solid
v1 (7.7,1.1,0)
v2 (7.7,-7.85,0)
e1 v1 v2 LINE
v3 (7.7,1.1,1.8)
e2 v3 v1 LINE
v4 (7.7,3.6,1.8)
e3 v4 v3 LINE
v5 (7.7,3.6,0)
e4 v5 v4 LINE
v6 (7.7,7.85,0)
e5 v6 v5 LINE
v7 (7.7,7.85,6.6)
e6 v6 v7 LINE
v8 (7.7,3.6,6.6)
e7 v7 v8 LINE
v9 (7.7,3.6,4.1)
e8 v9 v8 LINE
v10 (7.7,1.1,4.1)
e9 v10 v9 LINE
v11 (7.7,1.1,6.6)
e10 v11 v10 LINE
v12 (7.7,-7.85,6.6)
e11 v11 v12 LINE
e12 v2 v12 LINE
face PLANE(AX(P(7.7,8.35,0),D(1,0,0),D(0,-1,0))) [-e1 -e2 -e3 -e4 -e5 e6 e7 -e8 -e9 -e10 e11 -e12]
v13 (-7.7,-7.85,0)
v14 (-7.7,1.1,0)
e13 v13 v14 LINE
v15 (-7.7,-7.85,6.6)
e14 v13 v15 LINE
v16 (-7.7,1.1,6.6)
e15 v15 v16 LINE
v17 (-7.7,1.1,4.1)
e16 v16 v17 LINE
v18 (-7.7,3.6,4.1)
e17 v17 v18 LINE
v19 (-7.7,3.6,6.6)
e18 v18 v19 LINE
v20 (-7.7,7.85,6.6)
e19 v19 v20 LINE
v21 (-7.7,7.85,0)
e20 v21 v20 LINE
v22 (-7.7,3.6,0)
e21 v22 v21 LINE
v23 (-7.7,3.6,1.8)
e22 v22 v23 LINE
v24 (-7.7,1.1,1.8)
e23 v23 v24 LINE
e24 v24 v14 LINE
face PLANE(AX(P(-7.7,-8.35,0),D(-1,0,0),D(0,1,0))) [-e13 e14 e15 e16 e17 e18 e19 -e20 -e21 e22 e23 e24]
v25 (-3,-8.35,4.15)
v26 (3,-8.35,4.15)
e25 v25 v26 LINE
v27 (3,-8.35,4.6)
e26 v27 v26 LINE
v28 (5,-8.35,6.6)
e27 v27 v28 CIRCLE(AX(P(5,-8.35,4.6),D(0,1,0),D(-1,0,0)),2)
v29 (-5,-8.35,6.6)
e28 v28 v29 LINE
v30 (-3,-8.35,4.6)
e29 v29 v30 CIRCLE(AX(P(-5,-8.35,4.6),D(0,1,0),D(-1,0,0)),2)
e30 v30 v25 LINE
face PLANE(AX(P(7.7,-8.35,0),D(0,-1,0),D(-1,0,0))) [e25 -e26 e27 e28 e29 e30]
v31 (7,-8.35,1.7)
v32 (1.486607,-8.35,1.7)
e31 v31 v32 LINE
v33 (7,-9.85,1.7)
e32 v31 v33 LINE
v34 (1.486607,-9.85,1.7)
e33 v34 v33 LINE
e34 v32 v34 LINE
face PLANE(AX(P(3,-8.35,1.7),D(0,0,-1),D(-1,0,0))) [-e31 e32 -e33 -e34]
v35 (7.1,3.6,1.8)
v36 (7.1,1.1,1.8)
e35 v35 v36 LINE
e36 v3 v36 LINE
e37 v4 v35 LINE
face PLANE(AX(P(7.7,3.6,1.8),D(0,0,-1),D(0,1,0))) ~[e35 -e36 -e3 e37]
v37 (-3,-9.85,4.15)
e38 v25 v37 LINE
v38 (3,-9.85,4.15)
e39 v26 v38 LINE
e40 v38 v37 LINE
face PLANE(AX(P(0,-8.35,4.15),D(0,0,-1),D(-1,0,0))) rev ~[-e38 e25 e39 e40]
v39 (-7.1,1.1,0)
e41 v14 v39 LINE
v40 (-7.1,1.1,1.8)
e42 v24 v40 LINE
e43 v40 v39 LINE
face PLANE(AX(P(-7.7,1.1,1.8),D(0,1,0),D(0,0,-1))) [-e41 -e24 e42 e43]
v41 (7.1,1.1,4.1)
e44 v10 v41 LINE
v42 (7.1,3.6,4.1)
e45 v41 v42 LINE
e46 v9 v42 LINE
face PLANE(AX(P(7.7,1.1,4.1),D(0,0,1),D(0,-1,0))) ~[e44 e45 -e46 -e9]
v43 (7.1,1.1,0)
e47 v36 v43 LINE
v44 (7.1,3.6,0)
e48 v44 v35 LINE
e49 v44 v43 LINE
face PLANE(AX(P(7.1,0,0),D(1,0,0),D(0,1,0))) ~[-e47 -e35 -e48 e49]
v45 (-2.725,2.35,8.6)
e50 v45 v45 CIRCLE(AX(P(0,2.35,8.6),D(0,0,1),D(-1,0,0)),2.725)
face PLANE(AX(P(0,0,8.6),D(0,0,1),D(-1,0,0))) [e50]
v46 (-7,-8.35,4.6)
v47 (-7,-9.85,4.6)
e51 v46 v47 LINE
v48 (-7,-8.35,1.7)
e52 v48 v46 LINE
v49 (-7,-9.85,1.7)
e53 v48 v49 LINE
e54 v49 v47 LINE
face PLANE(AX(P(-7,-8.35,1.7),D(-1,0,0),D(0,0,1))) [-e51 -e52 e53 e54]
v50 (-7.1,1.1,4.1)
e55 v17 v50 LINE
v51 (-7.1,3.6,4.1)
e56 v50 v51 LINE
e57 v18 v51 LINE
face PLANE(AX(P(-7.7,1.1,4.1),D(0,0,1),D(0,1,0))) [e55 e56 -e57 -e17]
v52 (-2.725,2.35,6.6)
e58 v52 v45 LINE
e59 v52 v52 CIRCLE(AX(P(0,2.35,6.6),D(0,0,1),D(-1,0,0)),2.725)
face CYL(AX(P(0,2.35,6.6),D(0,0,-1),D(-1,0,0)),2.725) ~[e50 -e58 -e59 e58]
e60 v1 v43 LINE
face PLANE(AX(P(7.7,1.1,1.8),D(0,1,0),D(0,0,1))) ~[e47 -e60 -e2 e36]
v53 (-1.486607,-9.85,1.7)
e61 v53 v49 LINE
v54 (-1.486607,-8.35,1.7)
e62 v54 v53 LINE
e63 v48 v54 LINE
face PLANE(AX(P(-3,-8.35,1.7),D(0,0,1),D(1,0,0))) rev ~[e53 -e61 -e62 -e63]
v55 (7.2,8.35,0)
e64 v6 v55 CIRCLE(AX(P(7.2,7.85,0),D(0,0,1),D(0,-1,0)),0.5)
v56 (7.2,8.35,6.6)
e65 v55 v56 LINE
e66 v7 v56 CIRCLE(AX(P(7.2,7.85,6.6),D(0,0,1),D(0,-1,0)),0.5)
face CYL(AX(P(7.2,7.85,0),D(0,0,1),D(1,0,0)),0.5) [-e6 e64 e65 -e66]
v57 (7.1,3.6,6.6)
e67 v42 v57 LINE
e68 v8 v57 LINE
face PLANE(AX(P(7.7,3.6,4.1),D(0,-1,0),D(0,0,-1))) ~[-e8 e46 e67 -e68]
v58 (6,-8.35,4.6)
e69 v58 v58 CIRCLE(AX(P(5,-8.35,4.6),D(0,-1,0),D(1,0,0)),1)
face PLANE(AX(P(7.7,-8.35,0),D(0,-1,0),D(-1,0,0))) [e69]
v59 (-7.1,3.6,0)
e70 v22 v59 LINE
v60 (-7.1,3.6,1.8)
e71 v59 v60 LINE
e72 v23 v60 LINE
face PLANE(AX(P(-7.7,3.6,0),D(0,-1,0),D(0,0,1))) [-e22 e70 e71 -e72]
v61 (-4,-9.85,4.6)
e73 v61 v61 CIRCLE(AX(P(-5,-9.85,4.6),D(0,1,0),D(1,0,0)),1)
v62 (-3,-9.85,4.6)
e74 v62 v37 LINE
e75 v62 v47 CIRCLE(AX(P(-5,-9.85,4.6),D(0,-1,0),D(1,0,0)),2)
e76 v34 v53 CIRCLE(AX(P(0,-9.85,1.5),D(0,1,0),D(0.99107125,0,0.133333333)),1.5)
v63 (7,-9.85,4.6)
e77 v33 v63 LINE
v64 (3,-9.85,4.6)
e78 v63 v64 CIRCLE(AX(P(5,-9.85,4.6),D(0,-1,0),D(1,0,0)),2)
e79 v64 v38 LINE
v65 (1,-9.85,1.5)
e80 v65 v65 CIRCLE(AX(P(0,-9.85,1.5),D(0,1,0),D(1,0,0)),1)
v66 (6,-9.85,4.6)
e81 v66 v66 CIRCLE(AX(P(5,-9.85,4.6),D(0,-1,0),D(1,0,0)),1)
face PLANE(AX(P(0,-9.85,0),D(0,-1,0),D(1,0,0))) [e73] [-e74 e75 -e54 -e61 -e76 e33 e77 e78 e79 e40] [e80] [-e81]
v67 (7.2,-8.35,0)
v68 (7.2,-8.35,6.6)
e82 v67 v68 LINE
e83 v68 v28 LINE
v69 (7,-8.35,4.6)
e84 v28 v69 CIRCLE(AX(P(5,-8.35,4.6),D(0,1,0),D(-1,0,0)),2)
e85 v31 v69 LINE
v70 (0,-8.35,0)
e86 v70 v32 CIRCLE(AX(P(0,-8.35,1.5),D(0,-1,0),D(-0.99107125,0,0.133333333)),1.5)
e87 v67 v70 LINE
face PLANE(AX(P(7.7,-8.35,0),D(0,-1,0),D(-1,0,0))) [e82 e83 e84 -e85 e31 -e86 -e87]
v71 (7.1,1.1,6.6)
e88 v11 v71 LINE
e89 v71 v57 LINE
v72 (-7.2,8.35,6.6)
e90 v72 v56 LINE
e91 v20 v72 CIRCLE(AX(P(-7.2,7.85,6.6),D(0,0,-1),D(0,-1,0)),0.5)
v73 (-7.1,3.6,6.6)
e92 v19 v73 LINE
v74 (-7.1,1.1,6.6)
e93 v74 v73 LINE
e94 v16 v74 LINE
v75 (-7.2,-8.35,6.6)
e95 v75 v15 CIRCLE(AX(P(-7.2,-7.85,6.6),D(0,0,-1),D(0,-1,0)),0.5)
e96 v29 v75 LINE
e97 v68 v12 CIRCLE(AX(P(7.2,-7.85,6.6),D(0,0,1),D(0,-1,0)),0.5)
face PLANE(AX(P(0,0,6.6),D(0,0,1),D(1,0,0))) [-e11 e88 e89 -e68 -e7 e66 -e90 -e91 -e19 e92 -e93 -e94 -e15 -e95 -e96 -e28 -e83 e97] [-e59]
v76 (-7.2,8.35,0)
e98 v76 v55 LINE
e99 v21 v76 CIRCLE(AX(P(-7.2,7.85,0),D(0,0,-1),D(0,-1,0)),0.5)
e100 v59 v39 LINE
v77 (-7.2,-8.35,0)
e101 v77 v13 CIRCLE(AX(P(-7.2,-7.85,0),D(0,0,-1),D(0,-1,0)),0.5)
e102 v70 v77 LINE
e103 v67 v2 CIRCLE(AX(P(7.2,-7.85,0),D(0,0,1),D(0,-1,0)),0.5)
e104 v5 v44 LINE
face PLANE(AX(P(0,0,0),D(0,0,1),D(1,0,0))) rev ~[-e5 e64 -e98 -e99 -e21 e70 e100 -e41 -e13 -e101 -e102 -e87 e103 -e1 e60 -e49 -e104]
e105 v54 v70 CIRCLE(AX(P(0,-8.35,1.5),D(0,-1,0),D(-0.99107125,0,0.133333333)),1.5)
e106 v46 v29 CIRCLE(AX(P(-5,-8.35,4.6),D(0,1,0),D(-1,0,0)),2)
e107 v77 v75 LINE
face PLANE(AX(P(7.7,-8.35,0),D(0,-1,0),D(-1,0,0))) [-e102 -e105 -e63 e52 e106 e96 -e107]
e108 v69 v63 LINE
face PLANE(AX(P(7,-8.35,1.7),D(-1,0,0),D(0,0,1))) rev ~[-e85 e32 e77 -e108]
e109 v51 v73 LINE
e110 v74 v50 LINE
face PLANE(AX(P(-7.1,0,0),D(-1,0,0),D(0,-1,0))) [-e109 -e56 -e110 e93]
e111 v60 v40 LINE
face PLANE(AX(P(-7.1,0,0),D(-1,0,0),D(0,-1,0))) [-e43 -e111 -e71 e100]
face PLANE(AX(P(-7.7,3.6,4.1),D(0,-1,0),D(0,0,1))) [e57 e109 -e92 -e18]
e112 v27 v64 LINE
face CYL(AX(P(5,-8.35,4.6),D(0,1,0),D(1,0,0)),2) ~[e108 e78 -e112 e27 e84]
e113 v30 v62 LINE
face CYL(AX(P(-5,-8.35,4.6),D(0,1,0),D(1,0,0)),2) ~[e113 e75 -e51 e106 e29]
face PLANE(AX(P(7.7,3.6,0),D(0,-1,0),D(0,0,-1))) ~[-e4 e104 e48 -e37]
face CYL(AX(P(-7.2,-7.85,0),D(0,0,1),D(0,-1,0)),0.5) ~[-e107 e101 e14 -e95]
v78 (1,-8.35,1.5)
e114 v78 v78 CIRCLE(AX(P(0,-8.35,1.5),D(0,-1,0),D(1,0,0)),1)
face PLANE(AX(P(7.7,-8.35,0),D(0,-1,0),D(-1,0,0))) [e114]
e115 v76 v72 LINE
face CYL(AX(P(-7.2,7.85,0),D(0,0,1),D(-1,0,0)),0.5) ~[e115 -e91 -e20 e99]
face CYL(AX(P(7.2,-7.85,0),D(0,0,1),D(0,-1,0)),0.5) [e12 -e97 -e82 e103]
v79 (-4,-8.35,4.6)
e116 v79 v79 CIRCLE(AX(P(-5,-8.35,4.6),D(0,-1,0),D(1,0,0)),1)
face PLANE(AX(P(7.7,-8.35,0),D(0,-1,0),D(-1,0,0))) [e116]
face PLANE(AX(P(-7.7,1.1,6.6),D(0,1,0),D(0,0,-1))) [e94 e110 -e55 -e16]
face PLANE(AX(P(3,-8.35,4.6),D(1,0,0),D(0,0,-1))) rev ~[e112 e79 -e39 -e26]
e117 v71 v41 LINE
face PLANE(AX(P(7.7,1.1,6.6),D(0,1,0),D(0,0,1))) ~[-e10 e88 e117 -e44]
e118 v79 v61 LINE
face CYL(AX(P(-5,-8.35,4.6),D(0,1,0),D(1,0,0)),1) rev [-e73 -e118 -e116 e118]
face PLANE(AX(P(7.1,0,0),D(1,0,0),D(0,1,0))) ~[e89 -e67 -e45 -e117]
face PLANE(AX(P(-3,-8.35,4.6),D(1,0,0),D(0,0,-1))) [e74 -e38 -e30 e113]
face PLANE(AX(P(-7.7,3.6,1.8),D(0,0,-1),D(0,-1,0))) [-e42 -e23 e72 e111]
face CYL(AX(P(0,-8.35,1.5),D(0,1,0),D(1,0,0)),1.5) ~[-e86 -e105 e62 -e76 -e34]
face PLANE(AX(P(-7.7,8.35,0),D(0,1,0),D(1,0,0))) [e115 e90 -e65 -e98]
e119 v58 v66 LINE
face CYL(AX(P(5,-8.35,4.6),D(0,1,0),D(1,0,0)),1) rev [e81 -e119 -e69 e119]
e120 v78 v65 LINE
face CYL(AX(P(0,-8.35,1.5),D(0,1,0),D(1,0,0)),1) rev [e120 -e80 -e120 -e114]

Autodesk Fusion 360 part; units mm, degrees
sketch "main body" plane through (0, 0, 0) normal (0, 0, 1) x (1, 0, 0)
  line L0 (7.7, -8.35) -> (-7.7, -8.35)
  line L1 (-7.7, -8.35) -> (-7.7, 8.35)
  line L2 (-7.7, 8.35) -> (7.7, 8.35)
  line L3 (7.7, 8.35) -> (7.7, -8.35)
  line L4 (7.7, -8.35) -> (-7.7, 8.35) construction
  line L5 (-7.7, -8.35) -> (7.7, 8.35) construction
  dimension "d1" = 15.4
  dimension "d2" = 16.7
extrude "Extrude1" add sketch "main body" along normal blind 6.6
sketch "top actuator" plane through (0, 0, 6.6) normal (0, 0, 1) x (-1, 0, 0)
  line L0 (-7.7, -8.35) -> (7.7, -8.35)
  line L1 (7.7, -8.35) -> (7.7, 8.35)
  line L2 (7.7, 8.35) -> (-7.7, 8.35)
  line L3 (-7.7, 8.35) -> (-7.7, -8.35)
  circle A0 centre (0, -2.35) radius 2.725
  dimension "d5" = 5.45
  dimension "d6" = 6
extrude "Extrude2" add sketch "top actuator" along normal blind 2 contours A0
fillet "Fillet1" radius 0.5 4 edges at (-7.7, -8.35, 3.3) (7.7, 8.35, 3.3) (7.7, -8.35, 3.3) (-7.7, 8.35, 3.3)
sketch "side cuts" plane through (-7.7, 0, 0) normal (-1, 0, 0) x (0, -1, 0)
  line L0 (-7.85, 6.6) -> (-7.85, 0)
  line L1 (-7.85, 0) -> (7.85, 0)
  line L2 (7.85, 0) -> (7.85, 6.6)
  line L3 (7.85, 6.6) -> (-7.85, 6.6)
  line L4 (-8.35, 0) -> (-8.35, 6.6)
  line L5 (-8.35, 6.6) -> (-8.35, 0)
  line L6 (0.375, 8.6) -> (-5.075, 8.6)
  line L7 (-2.35, 8.6) -> (-2.35, 0) construction
  line L8 (-1.1, 4.1) -> (-3.6, 4.1)
  line L9 (-3.6, 4.1) -> (-3.6, 6.6)
  line L10 (-3.6, 6.6) -> (-1.1, 6.6)
  line L11 (-1.1, 6.6) -> (-1.1, 4.1)
  line L12 (-1.1, 4.1) -> (-3.6, 6.6) construction
  line L13 (-3.6, 4.1) -> (-1.1, 6.6) construction
  line L14 (-1.1, 0) -> (-3.6, 0)
  line L15 (-3.6, 0) -> (-3.6, 1.8)
  line L16 (-3.6, 1.8) -> (-1.1, 1.8)
  line L17 (-1.1, 1.8) -> (-1.1, 0)
  line L18 (-1.1, 0) -> (-3.6, 1.8) construction
  line L19 (-3.6, 0) -> (-1.1, 1.8) construction
  point P0 (-2.35, 5.35)
  point P1 (-2.35, 0.9)
  dimension "d10" = 8.6
  dimension "d11" = 2.5
  dimension "d12" = 2.5
  dimension "d13" = 2.5
  dimension "d14" = 1.8
extrude "Extrude3" cut sketch "side cuts" against normal blind 0.6 contours L3 L8 L9 L10 L11 | L1 L14 L15 L16 L17
mirror "Mirror1" about plane through (0, 0, 0) normal (1, 0, 0) of "Extrude3"
sketch "Sketch4" plane through (0, -8.35, 0) normal (0, -1, 0) x (1, 0, 0)
  line L0 (7.2, 0) -> (7.2, 6.6)
  line L1 (7.2, 6.6) -> (-7.2, 6.6)
  line L2 (-7.2, 6.6) -> (-7.2, 0)
  line L3 (-7.2, 0) -> (7.2, 0)
  line L4 (-7.2, 2.9) -> (7.2, 2.9) construction
  circle A0 centre (-5, 4.6) radius 2
  line L5 (0, 6.6) -> (0, 0) construction
  line L6 (-7, 4.6) -> (-3, 4.6)
  line L7 (-3, 4.6) -> (-3, 1.7)
  line L8 (-3, 1.7) -> (-7, 1.7)
  line L9 (-7, 1.7) -> (-7, 4.6)
  line L10 (-3, 1.7) -> (0, 1.7)
  line L11 (0, 1.7) -> (0, 4.15)
  line L12 (0, 4.15) -> (-3, 4.15)
  line L13 (-3, 4.15) -> (-3, 1.7)
  circle A1 centre (-5, 4.6) radius 1
  circle A2 centre (0, 1.5) radius 1
  circle A3 centre (0, 1.5) radius 1.5
  circle A4 centre (5, 4.6) radius 2
  circle A5 centre (5, 4.6) radius 1
  line L14 (7, 1.7) -> (7, 4.6)
  line L15 (3, 1.7) -> (7, 1.7)
  line L16 (3, 4.6) -> (3, 1.7)
  line L17 (0, 4.15) -> (3, 4.15)
  line L18 (3, 1.7) -> (0, 1.7)
  dimension "d18" = 3.7
  dimension "d19" = 4
  dimension "d20" = 5
  dimension "d21" = 1.7
  dimension "d22" = 2
  dimension "d23" = 2.45
  dimension "d24" = 3
  dimension "d25" = 2
  dimension "d26" = 2
  dimension "d27" = 3
extrude "Extrude4" add sketch "Sketch4" along normal blind 1.5 contours L10 A2 A3 L18 | A4 | L10 L11 A2 A3 | L7 L10 L11 L12 L13 A3 | A0 L6 A1 | A4 L14 L15 L16 | A0 L7 L8 L9 L13 | L11 A2 A3 L18 | L11 A3 L16 L17 L18 | A0 L6 A1
